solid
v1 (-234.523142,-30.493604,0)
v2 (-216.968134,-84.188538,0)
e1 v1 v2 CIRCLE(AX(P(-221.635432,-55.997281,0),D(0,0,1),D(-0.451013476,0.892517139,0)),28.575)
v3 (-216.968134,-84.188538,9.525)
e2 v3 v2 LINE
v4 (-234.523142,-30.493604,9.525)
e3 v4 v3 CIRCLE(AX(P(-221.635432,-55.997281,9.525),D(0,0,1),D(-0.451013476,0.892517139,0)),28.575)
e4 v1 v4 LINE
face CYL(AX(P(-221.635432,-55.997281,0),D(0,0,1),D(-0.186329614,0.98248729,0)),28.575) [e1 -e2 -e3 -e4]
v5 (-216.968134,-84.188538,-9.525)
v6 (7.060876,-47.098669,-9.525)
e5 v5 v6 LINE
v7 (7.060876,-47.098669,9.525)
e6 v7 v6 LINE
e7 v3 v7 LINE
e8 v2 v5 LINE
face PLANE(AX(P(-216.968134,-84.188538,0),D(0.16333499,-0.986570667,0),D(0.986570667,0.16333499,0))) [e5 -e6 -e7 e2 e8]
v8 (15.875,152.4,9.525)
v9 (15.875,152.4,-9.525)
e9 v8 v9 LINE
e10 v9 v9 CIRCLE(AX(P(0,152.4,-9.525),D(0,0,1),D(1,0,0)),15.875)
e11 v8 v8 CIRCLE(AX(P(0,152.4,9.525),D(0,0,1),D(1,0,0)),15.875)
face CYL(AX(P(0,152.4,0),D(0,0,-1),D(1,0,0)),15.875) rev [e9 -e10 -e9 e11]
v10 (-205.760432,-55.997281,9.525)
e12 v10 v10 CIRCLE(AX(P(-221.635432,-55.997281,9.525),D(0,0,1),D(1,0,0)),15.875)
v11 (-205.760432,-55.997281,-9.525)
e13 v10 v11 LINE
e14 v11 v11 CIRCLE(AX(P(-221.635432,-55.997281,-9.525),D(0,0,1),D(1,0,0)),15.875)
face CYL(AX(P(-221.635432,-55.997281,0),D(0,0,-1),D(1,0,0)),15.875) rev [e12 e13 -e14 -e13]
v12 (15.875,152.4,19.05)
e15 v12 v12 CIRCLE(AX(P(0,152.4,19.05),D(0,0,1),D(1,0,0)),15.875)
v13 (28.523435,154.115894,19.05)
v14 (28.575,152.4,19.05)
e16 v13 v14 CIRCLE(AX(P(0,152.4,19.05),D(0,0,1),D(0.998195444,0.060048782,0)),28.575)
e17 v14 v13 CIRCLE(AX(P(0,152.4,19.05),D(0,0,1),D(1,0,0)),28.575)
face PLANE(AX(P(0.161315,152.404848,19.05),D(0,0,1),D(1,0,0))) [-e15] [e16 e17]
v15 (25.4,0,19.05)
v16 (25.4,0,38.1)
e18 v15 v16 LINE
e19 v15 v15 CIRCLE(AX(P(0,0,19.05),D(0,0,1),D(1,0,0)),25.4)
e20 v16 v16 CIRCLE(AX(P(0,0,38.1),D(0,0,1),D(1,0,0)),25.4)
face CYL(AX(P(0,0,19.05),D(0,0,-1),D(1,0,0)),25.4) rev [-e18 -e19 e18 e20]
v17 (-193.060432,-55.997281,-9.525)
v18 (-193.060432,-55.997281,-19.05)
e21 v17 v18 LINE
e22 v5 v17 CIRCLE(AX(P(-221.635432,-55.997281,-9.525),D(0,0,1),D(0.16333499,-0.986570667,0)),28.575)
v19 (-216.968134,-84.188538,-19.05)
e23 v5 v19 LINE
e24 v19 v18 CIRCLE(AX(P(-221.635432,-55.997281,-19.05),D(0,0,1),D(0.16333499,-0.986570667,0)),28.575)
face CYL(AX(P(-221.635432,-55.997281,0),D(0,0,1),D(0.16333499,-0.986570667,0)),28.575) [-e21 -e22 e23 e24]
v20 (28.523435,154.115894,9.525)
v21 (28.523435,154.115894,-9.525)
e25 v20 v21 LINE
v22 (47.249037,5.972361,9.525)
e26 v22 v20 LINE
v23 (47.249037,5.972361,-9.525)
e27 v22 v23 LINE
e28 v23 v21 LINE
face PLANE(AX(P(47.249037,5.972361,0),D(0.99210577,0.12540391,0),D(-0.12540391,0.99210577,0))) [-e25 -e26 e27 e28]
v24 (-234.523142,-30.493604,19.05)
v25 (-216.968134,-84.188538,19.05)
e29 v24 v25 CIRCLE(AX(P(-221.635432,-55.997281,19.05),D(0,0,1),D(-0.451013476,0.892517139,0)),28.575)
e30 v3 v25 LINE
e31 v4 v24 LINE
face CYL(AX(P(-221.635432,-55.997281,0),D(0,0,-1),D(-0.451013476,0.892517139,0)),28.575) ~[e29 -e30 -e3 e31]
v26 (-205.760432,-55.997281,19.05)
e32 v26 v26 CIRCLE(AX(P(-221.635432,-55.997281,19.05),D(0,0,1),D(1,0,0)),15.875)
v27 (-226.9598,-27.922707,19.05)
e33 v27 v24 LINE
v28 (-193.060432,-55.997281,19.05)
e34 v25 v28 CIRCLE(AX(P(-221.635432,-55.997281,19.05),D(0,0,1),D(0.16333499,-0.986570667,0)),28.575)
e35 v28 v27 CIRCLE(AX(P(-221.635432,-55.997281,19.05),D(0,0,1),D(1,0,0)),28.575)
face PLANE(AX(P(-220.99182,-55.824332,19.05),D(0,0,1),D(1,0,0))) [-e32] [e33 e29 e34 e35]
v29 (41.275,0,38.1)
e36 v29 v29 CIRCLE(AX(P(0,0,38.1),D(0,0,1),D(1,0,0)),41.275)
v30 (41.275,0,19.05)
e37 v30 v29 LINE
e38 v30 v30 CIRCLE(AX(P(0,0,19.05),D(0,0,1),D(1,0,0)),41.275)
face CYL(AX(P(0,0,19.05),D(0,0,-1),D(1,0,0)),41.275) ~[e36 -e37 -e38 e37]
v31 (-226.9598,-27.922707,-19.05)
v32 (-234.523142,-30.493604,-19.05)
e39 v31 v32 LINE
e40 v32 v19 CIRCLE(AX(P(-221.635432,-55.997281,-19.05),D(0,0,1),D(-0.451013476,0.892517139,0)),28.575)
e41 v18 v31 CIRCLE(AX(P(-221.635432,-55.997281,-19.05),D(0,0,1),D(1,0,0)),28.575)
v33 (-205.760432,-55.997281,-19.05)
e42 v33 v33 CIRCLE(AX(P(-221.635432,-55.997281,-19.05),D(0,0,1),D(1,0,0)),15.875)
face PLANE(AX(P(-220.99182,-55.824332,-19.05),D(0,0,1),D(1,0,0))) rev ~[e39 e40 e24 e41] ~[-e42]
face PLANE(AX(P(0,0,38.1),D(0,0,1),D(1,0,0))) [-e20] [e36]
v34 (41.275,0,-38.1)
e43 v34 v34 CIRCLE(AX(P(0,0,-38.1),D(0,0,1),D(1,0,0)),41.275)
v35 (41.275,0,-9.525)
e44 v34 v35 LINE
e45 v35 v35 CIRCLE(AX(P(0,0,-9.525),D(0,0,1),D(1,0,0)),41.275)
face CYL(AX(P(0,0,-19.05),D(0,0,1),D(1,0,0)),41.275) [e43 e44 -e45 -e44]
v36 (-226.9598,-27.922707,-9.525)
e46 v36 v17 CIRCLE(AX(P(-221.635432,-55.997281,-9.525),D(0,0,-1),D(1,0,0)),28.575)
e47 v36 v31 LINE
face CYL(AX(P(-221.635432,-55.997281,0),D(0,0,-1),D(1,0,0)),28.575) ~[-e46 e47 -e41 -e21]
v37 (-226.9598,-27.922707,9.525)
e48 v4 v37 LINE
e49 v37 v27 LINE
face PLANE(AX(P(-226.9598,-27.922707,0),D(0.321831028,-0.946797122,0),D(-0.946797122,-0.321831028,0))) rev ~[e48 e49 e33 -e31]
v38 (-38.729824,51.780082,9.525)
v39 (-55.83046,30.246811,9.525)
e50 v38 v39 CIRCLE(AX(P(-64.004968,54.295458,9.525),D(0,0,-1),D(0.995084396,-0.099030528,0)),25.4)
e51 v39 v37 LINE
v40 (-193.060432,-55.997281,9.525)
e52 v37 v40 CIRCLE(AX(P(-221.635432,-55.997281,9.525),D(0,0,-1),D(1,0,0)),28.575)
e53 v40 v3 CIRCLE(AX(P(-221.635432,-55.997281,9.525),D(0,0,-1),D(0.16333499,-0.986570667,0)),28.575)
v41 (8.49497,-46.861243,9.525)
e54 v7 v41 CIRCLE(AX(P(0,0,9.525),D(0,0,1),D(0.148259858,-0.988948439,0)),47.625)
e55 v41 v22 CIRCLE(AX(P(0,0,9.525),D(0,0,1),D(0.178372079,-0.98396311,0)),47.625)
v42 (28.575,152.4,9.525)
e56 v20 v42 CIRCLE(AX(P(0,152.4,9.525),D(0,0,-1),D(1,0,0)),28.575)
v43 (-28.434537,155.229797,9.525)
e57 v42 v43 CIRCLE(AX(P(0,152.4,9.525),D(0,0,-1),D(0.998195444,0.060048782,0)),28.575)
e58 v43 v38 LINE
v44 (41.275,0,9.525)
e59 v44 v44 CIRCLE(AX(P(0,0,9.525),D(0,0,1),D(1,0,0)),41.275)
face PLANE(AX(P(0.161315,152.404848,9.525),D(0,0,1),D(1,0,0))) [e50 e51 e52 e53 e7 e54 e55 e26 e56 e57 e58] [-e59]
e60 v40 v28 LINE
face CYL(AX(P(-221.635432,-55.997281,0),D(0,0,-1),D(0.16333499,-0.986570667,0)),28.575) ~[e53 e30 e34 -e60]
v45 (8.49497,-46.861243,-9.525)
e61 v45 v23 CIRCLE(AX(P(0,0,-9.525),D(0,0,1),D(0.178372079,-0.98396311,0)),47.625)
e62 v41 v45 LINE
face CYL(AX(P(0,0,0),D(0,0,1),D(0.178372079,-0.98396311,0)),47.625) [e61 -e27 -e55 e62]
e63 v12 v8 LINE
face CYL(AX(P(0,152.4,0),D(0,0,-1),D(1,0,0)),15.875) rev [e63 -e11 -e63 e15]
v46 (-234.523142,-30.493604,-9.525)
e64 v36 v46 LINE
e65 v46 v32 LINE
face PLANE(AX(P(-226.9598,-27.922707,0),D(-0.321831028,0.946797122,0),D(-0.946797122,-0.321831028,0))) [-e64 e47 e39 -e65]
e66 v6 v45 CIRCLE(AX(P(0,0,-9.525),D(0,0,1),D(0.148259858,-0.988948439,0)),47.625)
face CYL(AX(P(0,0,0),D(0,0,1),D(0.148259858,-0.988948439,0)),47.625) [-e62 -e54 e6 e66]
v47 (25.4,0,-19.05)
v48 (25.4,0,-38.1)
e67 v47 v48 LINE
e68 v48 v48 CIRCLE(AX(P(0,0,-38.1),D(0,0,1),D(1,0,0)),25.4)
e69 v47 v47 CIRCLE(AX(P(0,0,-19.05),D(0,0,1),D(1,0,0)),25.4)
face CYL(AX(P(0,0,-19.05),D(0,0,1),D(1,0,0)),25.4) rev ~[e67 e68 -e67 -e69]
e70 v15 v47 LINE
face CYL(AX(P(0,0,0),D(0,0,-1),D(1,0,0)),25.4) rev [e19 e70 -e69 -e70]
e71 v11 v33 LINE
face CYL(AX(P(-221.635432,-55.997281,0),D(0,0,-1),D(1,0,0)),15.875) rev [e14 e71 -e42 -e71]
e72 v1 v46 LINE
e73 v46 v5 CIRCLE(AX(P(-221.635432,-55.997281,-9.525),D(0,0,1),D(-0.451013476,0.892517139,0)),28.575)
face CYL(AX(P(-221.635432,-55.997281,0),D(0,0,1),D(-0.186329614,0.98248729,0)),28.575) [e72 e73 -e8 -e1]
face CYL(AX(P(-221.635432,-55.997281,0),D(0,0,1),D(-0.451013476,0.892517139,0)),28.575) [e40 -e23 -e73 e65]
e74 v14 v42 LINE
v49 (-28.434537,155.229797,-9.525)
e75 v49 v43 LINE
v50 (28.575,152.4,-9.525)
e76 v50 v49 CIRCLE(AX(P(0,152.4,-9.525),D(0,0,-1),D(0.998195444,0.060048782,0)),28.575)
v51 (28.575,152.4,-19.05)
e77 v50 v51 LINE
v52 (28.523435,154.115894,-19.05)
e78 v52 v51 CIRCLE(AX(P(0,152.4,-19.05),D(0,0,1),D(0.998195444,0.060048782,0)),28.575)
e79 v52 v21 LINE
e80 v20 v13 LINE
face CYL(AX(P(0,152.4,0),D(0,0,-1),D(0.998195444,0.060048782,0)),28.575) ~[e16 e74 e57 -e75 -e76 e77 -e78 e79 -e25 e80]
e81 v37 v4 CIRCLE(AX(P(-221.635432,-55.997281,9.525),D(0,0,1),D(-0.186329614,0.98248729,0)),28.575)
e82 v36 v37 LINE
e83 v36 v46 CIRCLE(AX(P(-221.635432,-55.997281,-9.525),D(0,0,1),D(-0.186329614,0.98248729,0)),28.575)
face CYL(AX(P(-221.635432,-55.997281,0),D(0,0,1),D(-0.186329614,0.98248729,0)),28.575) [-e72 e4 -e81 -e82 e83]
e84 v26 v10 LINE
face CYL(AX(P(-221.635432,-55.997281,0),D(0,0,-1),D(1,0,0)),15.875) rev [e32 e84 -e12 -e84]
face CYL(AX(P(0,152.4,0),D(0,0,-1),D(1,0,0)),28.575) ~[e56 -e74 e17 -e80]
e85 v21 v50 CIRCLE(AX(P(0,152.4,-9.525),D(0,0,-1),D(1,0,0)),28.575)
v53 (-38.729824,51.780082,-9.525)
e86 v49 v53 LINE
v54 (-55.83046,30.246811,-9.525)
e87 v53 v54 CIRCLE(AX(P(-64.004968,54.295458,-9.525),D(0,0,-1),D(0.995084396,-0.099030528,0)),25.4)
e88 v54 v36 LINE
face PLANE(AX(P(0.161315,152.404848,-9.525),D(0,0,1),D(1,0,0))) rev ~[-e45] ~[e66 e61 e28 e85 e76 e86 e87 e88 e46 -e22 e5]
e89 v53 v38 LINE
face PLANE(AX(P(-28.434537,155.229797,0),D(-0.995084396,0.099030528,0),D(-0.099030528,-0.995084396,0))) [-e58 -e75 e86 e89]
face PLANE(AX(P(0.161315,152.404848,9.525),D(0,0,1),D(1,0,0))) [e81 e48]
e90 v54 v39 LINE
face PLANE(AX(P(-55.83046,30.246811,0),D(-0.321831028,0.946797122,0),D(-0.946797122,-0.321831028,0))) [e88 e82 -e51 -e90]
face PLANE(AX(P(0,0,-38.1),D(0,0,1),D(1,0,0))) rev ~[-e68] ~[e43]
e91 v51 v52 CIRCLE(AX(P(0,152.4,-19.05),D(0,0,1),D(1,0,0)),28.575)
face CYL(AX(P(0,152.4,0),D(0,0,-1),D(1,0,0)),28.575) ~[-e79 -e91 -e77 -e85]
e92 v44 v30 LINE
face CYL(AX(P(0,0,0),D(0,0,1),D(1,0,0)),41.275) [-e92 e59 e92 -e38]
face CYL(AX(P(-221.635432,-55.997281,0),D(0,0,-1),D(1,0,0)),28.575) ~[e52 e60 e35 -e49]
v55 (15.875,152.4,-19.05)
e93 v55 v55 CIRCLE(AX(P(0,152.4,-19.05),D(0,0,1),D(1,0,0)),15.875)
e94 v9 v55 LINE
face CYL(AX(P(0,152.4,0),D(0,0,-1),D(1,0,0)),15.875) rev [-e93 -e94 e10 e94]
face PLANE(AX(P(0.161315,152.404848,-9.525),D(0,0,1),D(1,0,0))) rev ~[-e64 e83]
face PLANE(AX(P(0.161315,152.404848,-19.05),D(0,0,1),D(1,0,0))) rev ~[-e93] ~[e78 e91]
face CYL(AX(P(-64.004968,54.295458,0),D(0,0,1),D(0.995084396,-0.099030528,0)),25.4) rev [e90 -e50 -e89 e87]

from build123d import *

# Parameters (mm, degrees)
F0_R     = 15.875
F0_R_2   = 41.275
F1_DEPTH = 9.525
F0_R_3   = 25.4
F2_DEPTH = 19.05
F3_DEPTH = 19.05
F4_DEPTH = 19.05


with BuildPart() as f1:
    # F0 (on Top) → F1 (new body, symmetric)
    with BuildSketch(Plane.XY):
        with BuildLine():
            ThreePointArc((-28.4345366302, 155.2297973728), (-1.4166406822, 123.860137475), (28.5749999751, 152.4000000228))
            ThreePointArc((28.5749999751, 152.4000000228), (28.5621057669, 153.2583343061), (28.5234347788, 154.1158939584))
            ThreePointArc((28.5234347788, 154.1158939584), (0.5587225598, 180.9695371922), (-28.4345366302, 155.2297973728))
        make_face()
        with Locations((-2.49e-08, 152.4000000228)):
            Circle(F0_R, mode=Mode.SUBTRACT)
        with BuildLine():
            ThreePointArc((28.5234347788, 154.1158939584), (28.5621057669, 153.2583343061), (28.5749999751, 152.4000000228))
            ThreePointArc((28.5749999751, 152.4000000228), (-1.4166406822, 123.860137475), (-28.4345366302, 155.2297973728))
            Line((-28.4345366302, 155.2297973728), (-38.7298241401, 51.7800823041))
            ThreePointArc((-38.7298241401, 51.7800823041), (-44.114260266, 38.4992634308), (-55.8304596742, 30.2468108398))
            Line((-55.8304596742, 30.2468108398), (-226.9598003085, -27.9227065693))
            ThreePointArc((-226.9598003085, -27.9227065693), (-203.4092582541, -33.9896178831), (-193.0604315885, -55.9972808801))
            ThreePointArc((-193.0604315885, -55.9972808801), (-199.8420995066, -74.4791991184), (-216.9681342495, -84.1885376905))
            Line((-216.9681342495, -84.1885376905), (7.0608757552, -47.0986693928))
            Line((7.0608757552, -47.0986693928), (8.4949702479, -46.8612431065))
            ThreePointArc((8.4949702479, -46.8612431065), (38.4017712026, -28.1681485637), (47.2490373051, 5.9723612369))
            Line((47.2490373051, 5.9723612369), (28.5234347788, 154.1158939584))
        make_face()
        Circle(F0_R_2, mode=Mode.SUBTRACT)
        with BuildLine():
            ThreePointArc((7.0608757552, -47.0986693928), (7.7788288983, -46.9854280173), (8.4949702479, -46.8612431065))
            Line((8.4949702479, -46.8612431065), (7.0608757552, -47.0986693928))
        make_face()
        with BuildLine():
            Line((-234.5231416734, -30.4936036204), (-226.9598003085, -27.9227065693))
            ThreePointArc((-226.9598003085, -27.9227065693), (-230.8317532179, -28.9425531326), (-234.5231416734, -30.4936036204))
        make_face()
        with BuildLine():
            ThreePointArc((-193.0604315885, -55.9972808801), (-203.4092582541, -33.9896178831), (-226.9598003085, -27.9227065693))
            Line((-226.9598003085, -27.9227065693), (-234.5231416734, -30.4936036204))
            ThreePointArc((-234.5231416734, -30.4936036204), (-248.7957018858, -64.8770524072), (-216.9681342495, -84.1885376905))
            ThreePointArc((-216.9681342495, -84.1885376905), (-199.8420995066, -74.4791991184), (-193.0604315885, -55.9972808801))
        make_face()
        with Locations((-221.6354315885, -55.9972808801)):
            Circle(F0_R, mode=Mode.SUBTRACT)
    extrude(amount=F1_DEPTH, both=True)

    # F0 (on Top) → F2 (join, symmetric)
    with BuildSketch(Plane.XY):
        with BuildLine():
            ThreePointArc((-193.0604315885, -55.9972808801), (-203.4092582541, -33.9896178831), (-226.9598003085, -27.9227065693))
            Line((-226.9598003085, -27.9227065693), (-234.5231416734, -30.4936036204))
            ThreePointArc((-234.5231416734, -30.4936036204), (-248.7957018858, -64.8770524072), (-216.9681342495, -84.1885376905))
            ThreePointArc((-216.9681342495, -84.1885376905), (-199.8420995066, -74.4791991184), (-193.0604315885, -55.9972808801))
        make_face()
        with Locations((-221.6354315885, -55.9972808801)):
            Circle(F0_R, mode=Mode.SUBTRACT)
        with BuildLine():
            ThreePointArc((-28.4345366302, 155.2297973728), (-1.4166406822, 123.860137475), (28.5749999751, 152.4000000228))
            ThreePointArc((28.5749999751, 152.4000000228), (28.5621057669, 153.2583343061), (28.5234347788, 154.1158939584))
            ThreePointArc((28.5234347788, 154.1158939584), (0.5587225598, 180.9695371922), (-28.4345366302, 155.2297973728))
        make_face()
        with Locations((-2.49e-08, 152.4000000228)):
            Circle(F0_R, mode=Mode.SUBTRACT)
        Circle(F0_R_2)
        Circle(F0_R_3, mode=Mode.SUBTRACT)
    extrude(amount=F2_DEPTH, both=True)

    # F3 (add): a face of the model
    f3_faces = [f1.faces().sort_by_distance(p)[0] for p in [
        (-40.1075667043, 0, 19.05),
    ]]
    extrude(f3_faces, amount=F3_DEPTH)

    # F4 (add): a face of the model
    f4_faces = [f1.faces().sort_by_distance(p)[0] for p in [
        (-40.1075667043, 0, -19.05),
    ]]
    extrude(f4_faces, amount=F4_DEPTH)


solid = f1.part
